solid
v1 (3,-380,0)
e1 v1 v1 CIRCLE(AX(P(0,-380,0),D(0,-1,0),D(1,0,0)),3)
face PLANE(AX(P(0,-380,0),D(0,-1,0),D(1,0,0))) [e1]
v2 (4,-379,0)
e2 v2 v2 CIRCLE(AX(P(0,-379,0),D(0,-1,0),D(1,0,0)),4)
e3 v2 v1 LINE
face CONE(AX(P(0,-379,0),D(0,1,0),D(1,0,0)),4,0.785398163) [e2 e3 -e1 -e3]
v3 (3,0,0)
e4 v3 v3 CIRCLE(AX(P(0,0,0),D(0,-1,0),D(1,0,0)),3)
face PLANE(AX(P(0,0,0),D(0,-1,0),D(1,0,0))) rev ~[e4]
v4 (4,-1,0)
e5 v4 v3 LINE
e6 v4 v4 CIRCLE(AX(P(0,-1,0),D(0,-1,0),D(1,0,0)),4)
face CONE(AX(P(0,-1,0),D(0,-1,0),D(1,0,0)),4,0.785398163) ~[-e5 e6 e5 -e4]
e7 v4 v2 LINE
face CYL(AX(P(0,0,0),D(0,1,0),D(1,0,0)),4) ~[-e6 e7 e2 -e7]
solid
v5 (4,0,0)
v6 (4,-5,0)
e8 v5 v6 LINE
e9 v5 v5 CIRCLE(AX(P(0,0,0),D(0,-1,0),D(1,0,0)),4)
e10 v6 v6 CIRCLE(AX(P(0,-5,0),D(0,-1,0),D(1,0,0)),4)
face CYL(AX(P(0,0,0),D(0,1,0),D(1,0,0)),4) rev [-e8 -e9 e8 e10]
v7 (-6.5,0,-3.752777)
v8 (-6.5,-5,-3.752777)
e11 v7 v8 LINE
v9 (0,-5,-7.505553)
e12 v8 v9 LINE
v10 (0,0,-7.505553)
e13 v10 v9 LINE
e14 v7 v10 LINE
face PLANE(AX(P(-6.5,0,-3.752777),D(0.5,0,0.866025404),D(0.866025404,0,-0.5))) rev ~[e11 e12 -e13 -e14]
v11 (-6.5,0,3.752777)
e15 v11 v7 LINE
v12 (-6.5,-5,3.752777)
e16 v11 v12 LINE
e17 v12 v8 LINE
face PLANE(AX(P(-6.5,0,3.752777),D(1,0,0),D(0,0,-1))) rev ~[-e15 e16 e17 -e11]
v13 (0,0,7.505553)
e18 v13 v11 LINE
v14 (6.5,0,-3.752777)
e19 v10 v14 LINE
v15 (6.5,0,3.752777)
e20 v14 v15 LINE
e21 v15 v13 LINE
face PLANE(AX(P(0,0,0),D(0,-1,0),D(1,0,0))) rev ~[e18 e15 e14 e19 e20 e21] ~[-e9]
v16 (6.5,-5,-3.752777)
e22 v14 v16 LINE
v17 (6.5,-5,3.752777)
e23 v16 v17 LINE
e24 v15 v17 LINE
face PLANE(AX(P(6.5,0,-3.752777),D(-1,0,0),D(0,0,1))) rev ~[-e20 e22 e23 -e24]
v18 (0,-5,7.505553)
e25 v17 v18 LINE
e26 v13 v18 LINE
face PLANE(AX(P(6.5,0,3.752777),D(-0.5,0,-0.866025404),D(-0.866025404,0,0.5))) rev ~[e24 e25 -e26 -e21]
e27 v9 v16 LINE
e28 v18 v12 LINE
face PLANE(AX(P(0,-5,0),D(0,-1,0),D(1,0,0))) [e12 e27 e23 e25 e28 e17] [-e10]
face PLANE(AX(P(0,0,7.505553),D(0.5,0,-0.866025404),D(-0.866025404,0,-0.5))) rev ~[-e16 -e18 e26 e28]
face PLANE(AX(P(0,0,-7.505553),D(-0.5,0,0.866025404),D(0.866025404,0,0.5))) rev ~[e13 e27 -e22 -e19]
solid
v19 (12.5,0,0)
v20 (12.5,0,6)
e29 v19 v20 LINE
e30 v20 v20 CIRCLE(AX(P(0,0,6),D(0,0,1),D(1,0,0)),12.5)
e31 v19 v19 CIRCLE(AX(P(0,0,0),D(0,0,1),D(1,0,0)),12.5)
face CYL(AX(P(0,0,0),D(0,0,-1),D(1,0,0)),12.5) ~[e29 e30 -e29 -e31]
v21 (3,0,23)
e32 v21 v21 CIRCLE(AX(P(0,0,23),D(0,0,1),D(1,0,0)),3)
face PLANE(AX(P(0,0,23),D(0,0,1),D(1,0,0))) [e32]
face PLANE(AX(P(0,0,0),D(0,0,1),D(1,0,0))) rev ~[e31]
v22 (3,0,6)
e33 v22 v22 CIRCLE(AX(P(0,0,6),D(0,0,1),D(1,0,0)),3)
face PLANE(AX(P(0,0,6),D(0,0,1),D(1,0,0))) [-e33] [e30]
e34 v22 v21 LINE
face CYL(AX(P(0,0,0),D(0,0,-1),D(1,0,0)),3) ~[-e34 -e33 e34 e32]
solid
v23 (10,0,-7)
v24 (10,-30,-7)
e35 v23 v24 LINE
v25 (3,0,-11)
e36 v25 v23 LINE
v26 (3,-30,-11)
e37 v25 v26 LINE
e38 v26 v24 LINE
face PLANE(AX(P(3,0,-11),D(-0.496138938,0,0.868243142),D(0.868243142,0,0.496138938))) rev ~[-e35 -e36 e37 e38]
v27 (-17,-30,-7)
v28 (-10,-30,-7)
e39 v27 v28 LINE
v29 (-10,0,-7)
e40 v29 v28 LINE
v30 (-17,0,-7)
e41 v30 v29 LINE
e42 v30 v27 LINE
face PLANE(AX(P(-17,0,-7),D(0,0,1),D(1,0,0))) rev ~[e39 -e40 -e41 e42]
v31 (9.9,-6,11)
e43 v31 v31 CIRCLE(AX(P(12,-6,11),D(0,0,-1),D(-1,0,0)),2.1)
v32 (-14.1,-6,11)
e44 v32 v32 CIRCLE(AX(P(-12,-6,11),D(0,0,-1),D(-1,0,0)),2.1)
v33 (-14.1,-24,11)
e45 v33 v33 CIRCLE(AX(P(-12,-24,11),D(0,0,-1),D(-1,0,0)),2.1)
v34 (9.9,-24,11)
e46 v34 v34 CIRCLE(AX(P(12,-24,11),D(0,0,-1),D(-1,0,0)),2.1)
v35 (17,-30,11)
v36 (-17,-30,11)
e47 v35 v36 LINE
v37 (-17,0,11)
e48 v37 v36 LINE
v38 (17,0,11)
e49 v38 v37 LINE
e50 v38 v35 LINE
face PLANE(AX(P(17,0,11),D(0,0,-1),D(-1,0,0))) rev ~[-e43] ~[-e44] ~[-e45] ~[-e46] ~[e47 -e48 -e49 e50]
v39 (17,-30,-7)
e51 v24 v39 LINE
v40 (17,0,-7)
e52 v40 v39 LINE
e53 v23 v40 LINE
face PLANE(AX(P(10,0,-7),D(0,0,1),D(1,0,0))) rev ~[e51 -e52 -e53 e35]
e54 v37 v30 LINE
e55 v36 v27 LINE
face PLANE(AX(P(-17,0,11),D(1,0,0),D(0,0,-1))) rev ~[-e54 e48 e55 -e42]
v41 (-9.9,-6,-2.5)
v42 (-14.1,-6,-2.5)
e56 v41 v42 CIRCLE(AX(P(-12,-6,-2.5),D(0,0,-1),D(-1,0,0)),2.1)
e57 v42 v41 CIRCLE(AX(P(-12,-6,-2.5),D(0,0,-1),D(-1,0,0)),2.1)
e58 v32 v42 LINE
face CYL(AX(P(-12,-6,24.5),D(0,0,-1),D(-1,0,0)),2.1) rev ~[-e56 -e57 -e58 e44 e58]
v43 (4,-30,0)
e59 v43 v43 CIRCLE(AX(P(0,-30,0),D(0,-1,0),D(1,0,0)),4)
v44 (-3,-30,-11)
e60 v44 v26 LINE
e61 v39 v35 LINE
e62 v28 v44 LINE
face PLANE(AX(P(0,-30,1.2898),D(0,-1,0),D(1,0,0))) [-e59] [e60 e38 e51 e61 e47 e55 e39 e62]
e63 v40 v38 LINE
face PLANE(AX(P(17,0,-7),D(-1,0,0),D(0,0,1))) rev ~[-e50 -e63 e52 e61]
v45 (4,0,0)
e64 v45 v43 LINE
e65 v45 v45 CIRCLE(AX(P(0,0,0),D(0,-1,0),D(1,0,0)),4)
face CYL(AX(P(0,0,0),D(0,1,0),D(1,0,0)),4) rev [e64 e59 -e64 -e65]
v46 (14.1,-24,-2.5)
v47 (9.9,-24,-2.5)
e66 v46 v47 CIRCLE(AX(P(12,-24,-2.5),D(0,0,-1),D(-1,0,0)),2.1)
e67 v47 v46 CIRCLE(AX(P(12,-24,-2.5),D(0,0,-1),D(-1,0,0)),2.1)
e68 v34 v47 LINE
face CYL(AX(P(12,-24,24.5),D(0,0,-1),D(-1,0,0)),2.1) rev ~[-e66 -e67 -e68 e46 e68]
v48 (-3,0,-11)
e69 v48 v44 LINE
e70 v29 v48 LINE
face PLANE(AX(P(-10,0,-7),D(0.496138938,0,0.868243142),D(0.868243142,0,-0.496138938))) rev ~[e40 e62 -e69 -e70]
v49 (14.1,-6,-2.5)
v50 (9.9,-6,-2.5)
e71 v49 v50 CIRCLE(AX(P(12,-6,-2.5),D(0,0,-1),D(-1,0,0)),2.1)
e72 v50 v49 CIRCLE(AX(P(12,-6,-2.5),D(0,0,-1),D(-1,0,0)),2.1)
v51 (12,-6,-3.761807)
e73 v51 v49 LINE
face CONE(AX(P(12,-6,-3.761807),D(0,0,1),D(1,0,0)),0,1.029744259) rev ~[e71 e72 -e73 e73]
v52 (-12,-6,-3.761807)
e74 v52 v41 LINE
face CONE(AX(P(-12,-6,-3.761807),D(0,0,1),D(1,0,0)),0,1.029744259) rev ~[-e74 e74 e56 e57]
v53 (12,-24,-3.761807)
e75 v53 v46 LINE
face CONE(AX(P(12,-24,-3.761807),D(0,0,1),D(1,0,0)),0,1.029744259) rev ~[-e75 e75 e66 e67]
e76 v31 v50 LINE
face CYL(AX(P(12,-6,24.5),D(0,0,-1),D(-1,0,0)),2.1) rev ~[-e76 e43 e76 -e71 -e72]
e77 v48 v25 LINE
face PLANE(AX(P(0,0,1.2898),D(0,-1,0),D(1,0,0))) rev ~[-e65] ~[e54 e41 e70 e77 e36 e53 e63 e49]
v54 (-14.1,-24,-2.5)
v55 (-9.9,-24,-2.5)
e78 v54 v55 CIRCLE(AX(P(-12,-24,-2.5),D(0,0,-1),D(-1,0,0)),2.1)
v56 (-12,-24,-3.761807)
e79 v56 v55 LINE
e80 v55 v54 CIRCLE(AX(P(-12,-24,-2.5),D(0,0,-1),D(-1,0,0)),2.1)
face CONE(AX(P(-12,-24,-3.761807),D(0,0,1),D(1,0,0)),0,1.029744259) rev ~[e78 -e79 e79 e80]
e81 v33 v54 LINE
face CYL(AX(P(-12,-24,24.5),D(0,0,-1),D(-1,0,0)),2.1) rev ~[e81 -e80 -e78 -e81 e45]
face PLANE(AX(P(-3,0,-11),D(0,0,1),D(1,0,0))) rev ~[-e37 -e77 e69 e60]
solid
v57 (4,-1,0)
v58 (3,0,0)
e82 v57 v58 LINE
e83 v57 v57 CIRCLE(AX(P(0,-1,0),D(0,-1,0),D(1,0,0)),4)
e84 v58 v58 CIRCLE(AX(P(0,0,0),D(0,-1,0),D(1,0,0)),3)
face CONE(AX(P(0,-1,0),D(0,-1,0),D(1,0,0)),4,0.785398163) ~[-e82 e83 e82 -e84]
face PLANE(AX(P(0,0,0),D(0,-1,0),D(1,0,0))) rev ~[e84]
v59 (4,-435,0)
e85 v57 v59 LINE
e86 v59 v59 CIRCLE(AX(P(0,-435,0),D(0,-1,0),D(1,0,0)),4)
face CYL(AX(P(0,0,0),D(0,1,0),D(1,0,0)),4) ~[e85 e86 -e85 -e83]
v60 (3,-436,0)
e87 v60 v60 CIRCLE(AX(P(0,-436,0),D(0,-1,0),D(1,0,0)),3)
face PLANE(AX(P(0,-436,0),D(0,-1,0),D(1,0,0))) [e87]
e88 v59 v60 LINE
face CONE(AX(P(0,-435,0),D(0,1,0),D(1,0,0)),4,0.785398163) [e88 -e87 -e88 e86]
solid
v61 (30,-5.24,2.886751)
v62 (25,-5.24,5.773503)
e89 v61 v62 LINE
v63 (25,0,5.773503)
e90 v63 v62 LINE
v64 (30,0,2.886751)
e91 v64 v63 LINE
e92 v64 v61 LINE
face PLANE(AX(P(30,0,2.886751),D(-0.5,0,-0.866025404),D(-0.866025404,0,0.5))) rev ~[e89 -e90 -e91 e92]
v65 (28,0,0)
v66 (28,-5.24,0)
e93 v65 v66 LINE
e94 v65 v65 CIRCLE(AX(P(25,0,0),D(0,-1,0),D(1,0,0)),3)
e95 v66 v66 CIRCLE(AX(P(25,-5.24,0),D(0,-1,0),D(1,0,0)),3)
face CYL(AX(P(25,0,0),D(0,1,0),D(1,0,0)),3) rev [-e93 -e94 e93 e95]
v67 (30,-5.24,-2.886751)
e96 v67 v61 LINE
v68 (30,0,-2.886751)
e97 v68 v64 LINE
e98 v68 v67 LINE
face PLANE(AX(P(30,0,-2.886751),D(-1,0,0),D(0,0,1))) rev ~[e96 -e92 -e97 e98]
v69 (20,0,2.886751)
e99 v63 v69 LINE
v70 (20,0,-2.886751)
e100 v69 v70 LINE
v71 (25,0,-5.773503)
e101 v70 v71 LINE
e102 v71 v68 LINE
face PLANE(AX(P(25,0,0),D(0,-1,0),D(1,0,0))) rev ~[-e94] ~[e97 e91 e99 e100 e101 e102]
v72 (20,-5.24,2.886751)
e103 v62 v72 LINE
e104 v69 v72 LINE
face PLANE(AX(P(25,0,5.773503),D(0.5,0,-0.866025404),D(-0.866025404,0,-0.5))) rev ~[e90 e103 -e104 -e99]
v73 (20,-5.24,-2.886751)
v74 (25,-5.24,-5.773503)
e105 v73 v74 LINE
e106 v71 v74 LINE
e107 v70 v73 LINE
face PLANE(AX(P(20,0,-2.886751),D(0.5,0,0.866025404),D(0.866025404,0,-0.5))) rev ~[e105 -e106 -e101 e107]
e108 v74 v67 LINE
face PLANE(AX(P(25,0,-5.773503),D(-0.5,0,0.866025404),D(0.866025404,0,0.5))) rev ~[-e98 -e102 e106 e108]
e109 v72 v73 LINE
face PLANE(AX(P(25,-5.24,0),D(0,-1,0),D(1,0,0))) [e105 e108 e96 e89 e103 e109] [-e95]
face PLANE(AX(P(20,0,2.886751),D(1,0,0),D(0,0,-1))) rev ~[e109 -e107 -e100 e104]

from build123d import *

# Parameters (mm, degrees)
F0_R      = 4
F1_DEPTH  = 380
F2_DEPTH  = 436
F3_SIZE   = 1
F3_2_SIZE = 1
F4_R      = 4
F5_DEPTH  = 5
F4_R_2    = 3
F6_DEPTH  = 5.24
F7_R      = 4
F8_DEPTH  = 30
F10_D     = 4.2
F10_DEPTH = 13.5
F10_TIP   = 1.2618073
F11_R     = 12.5
F11_R_2   = 3
F12_DEPTH = 6
F13_DEPTH = 23


with BuildPart() as f1:
    # F0 (on Front) → F1 (new body)
    with BuildSketch(Plane.XZ):
        Circle(F0_R)
    extrude(amount=F1_DEPTH)

    # F3
    f3_edges = [f1.edges().sort_by_distance(p)[0] for p in [
        (-4, -380, 0),
        (-4, 0, 0),
    ]]
    chamfer(f3_edges, length=F3_SIZE)


with BuildPart() as f2:
    # F0 (on Front) → F2 (new body)
    with BuildSketch(Plane.XZ):
        Circle(F0_R)
    extrude(amount=F2_DEPTH)

    # F3#2
    f3_2_edges = [f2.edges().sort_by_distance(p)[0] for p in [
        (-4, 0, 0),
        (-4, -436, 0),
    ]]
    chamfer(f3_2_edges, length=F3_2_SIZE)


with BuildPart() as f5:
    # F4 (on Front) → F5 (new body)
    with BuildSketch(Plane.XZ):
        Polygon((6.5, -3.7527767497), (6.5, 3.7527767497), (0, 7.5055534995), (-6.5, 3.7527767497), (-6.5, -3.7527767497), (0, -7.5055534995), align=None)
        Circle(F4_R, mode=Mode.SUBTRACT)
    extrude(amount=F5_DEPTH)


with BuildPart() as f6:
    # F4 (on Front) → F6 (new body)
    with BuildSketch(Plane.XZ):
        Polygon((30, -2.8867513459), (30, 2.8867513459), (25, 5.7735026919), (20, 2.8867513459), (20, -2.8867513459), (25, -5.7735026919), align=None)
        with Locations((25, 0)):
            Circle(F4_R_2, mode=Mode.SUBTRACT)
    extrude(amount=F6_DEPTH)


with BuildPart() as f8:
    # F7 (on Front) → F8 (new body)
    with BuildSketch(Plane.XZ):
        Polygon((-17, 11), (-17, -7), (-10, -7), (-3, -11), (3, -11), (10, -7), (17, -7), (17, 11), align=None)
        Circle(F7_R, mode=Mode.SUBTRACT)
    extrude(amount=F8_DEPTH)

    # F10
    with Locations(Plane.XY.offset(11)):
        with Locations((12, -24), (12, -6), (-12, -6), (-12, -24)):
            Hole(F10_D / 2, depth=F10_DEPTH)
            with Locations((0, 0, -(F10_DEPTH + F10_TIP / 2))):  # 118° drill point
                Cone(0, F10_D / 2, F10_TIP, mode=Mode.SUBTRACT)


with BuildPart() as f12:
    # F11 (on Top) → F12 (new body)
    with BuildSketch(Plane.XY):
        Circle(F11_R)
        Circle(F11_R_2, mode=Mode.SUBTRACT)
    extrude(amount=F12_DEPTH)

    # F11 (on Top) → F13 (join)
    with BuildSketch(Plane.XY):
        Circle(F11_R_2)
    extrude(amount=F13_DEPTH)


solid = Compound([f1.part, f2.part, f5.part, f6.part, f8.part, f12.part])
